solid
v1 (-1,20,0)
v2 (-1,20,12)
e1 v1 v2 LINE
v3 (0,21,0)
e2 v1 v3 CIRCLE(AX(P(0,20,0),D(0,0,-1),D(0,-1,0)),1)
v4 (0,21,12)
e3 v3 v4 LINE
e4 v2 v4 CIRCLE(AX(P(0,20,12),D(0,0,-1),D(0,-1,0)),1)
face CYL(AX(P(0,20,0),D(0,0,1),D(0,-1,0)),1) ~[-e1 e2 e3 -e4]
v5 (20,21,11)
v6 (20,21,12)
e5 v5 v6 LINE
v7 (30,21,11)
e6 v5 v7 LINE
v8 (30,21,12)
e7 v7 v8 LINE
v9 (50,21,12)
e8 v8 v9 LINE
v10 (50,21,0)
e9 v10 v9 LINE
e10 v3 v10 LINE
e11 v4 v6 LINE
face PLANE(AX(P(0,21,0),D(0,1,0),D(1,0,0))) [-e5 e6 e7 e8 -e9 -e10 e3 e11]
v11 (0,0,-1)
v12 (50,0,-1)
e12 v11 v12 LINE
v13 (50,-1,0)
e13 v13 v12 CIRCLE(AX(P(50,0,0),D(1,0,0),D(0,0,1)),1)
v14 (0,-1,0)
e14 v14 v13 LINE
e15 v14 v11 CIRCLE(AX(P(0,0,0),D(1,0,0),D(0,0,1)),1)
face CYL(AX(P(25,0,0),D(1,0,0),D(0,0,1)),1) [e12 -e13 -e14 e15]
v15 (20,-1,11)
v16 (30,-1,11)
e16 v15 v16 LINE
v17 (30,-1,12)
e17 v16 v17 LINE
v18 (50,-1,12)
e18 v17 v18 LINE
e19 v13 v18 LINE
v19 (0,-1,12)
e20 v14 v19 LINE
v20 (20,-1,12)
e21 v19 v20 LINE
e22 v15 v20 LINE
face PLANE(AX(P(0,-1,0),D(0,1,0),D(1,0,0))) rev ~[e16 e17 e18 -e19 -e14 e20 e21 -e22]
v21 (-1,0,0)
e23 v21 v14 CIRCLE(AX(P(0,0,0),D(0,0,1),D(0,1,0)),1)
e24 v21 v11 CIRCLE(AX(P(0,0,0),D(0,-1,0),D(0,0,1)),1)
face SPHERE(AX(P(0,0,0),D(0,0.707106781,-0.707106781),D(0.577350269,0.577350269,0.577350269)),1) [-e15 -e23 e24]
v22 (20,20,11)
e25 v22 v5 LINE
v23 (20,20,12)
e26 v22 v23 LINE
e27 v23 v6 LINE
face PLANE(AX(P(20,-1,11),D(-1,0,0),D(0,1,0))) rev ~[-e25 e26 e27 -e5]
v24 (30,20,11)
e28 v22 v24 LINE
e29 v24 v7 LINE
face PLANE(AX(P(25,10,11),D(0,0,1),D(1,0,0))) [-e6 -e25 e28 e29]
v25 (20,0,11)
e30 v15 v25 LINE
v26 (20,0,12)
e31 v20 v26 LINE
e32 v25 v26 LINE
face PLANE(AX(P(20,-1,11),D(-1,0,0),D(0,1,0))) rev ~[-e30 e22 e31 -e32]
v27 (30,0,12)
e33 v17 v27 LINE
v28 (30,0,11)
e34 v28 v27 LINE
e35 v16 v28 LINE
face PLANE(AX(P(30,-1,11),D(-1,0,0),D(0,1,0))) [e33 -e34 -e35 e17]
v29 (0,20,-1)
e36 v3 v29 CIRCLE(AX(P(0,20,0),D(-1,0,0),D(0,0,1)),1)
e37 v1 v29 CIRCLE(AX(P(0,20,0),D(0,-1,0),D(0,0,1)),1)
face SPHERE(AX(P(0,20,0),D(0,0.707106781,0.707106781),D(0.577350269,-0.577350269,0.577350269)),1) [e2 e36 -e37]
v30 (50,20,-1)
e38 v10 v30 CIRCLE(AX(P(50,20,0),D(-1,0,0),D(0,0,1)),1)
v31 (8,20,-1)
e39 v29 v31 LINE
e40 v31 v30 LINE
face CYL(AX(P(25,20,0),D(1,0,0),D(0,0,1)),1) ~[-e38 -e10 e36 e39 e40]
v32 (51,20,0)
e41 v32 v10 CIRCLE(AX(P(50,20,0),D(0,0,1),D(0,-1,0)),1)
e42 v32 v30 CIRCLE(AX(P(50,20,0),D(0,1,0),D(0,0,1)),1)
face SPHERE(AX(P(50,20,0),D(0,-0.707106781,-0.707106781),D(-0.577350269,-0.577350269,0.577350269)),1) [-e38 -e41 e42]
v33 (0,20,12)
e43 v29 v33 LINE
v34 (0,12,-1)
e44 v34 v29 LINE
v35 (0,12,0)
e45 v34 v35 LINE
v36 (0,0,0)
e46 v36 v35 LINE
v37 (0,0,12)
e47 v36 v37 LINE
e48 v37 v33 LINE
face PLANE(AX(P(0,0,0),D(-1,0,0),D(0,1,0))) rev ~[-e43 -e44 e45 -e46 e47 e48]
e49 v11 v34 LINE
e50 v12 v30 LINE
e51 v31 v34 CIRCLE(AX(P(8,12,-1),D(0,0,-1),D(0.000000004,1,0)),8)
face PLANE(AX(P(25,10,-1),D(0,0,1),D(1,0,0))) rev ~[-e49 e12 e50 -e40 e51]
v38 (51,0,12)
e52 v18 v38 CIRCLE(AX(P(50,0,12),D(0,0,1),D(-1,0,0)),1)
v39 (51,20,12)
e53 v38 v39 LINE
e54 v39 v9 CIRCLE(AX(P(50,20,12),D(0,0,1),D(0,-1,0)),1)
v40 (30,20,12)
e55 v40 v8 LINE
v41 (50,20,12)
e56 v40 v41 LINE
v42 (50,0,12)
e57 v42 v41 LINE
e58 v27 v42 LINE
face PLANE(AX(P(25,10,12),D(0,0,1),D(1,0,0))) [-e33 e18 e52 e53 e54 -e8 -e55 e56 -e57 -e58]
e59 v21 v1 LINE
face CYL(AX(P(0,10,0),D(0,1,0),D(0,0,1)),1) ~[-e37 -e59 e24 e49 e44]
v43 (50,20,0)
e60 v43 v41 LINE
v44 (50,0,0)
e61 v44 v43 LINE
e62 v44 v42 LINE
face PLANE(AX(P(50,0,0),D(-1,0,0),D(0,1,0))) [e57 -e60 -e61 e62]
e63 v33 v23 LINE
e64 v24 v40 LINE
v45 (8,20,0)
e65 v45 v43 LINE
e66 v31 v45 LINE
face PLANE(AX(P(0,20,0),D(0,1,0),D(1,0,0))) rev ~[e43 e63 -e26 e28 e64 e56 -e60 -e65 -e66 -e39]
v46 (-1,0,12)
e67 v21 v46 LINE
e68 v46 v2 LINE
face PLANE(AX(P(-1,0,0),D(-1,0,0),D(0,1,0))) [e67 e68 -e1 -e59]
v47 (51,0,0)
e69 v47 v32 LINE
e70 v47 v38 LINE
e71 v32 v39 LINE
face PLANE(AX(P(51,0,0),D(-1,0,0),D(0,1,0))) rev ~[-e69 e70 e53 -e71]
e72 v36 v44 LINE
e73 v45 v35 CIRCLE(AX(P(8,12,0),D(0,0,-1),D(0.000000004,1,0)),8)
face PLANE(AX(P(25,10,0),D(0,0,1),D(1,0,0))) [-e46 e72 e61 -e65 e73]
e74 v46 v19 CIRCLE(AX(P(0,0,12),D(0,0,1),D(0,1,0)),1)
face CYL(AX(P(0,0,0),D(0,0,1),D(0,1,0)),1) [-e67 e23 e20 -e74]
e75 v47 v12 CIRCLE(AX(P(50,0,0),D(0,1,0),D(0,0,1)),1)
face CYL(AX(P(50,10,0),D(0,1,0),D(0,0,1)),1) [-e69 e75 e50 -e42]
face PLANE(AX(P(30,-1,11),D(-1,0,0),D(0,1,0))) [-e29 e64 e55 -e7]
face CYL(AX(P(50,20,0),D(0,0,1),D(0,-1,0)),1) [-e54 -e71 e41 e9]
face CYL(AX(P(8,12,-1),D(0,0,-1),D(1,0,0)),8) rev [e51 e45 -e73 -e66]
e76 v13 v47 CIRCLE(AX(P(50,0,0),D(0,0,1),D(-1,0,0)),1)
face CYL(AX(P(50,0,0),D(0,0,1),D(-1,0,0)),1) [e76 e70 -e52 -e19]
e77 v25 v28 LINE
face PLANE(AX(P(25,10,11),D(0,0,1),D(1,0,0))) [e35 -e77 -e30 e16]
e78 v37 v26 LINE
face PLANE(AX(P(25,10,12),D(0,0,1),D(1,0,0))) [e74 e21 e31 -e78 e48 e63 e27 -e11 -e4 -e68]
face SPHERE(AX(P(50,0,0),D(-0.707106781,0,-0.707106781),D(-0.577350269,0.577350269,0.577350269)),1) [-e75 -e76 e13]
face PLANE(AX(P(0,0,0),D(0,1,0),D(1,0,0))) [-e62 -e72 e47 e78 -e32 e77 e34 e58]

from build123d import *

# Parameters (mm, degrees)
BOX_W          = 50
BOX_H          = 20
BOX_DEPTH      = 12
THICKNESS_T    = 1
CYLINDER_R     = 8
CYLINDER_DEPTH = 1
BOX001_W       = 10
BOX001_H       = 22
BOX001_DEPTH   = 1
BOX002_W       = 8
BOX002_H       = 8
BOX002_DEPTH   = 1


with BuildPart() as part:
    # Box → Box (join)
    with BuildSketch(Plane.XY):
        with Locations((25, 10)):
            Rectangle(BOX_W, BOX_H)
    extrude(amount=BOX_DEPTH)

    # Thickness
    thickness_openings = [part.faces().sort_by_distance(p)[0] for p in [
        (25, 10, 12),
    ]]
    offset(amount=THICKNESS_T, openings=thickness_openings)

    # Cylinder → Cylinder (cut)
    with BuildSketch(Plane(origin=(8, 12, -1), x_dir=(1, 0, 0), z_dir=(0, 0, 1))):
        Circle(CYLINDER_R)
    extrude(amount=CYLINDER_DEPTH, mode=Mode.SUBTRACT)

    # Box001 → Box001 (cut)
    with BuildSketch(Plane(origin=(20, -1, 11), x_dir=(1, 0, 0), z_dir=(0, 0, 1))):
        with Locations((5, 11)):
            Rectangle(BOX001_W, BOX001_H)
    extrude(amount=BOX001_DEPTH, mode=Mode.SUBTRACT)

    # Box002 → Box002 (cut)
    with BuildSketch(Plane(origin=(0, 12, -1), x_dir=(1, 0, 0), z_dir=(0, 0, 1))):
        with Locations((4, 4)):
            Rectangle(BOX002_W, BOX002_H)
    extrude(amount=BOX002_DEPTH, mode=Mode.SUBTRACT)


solid = part.part
